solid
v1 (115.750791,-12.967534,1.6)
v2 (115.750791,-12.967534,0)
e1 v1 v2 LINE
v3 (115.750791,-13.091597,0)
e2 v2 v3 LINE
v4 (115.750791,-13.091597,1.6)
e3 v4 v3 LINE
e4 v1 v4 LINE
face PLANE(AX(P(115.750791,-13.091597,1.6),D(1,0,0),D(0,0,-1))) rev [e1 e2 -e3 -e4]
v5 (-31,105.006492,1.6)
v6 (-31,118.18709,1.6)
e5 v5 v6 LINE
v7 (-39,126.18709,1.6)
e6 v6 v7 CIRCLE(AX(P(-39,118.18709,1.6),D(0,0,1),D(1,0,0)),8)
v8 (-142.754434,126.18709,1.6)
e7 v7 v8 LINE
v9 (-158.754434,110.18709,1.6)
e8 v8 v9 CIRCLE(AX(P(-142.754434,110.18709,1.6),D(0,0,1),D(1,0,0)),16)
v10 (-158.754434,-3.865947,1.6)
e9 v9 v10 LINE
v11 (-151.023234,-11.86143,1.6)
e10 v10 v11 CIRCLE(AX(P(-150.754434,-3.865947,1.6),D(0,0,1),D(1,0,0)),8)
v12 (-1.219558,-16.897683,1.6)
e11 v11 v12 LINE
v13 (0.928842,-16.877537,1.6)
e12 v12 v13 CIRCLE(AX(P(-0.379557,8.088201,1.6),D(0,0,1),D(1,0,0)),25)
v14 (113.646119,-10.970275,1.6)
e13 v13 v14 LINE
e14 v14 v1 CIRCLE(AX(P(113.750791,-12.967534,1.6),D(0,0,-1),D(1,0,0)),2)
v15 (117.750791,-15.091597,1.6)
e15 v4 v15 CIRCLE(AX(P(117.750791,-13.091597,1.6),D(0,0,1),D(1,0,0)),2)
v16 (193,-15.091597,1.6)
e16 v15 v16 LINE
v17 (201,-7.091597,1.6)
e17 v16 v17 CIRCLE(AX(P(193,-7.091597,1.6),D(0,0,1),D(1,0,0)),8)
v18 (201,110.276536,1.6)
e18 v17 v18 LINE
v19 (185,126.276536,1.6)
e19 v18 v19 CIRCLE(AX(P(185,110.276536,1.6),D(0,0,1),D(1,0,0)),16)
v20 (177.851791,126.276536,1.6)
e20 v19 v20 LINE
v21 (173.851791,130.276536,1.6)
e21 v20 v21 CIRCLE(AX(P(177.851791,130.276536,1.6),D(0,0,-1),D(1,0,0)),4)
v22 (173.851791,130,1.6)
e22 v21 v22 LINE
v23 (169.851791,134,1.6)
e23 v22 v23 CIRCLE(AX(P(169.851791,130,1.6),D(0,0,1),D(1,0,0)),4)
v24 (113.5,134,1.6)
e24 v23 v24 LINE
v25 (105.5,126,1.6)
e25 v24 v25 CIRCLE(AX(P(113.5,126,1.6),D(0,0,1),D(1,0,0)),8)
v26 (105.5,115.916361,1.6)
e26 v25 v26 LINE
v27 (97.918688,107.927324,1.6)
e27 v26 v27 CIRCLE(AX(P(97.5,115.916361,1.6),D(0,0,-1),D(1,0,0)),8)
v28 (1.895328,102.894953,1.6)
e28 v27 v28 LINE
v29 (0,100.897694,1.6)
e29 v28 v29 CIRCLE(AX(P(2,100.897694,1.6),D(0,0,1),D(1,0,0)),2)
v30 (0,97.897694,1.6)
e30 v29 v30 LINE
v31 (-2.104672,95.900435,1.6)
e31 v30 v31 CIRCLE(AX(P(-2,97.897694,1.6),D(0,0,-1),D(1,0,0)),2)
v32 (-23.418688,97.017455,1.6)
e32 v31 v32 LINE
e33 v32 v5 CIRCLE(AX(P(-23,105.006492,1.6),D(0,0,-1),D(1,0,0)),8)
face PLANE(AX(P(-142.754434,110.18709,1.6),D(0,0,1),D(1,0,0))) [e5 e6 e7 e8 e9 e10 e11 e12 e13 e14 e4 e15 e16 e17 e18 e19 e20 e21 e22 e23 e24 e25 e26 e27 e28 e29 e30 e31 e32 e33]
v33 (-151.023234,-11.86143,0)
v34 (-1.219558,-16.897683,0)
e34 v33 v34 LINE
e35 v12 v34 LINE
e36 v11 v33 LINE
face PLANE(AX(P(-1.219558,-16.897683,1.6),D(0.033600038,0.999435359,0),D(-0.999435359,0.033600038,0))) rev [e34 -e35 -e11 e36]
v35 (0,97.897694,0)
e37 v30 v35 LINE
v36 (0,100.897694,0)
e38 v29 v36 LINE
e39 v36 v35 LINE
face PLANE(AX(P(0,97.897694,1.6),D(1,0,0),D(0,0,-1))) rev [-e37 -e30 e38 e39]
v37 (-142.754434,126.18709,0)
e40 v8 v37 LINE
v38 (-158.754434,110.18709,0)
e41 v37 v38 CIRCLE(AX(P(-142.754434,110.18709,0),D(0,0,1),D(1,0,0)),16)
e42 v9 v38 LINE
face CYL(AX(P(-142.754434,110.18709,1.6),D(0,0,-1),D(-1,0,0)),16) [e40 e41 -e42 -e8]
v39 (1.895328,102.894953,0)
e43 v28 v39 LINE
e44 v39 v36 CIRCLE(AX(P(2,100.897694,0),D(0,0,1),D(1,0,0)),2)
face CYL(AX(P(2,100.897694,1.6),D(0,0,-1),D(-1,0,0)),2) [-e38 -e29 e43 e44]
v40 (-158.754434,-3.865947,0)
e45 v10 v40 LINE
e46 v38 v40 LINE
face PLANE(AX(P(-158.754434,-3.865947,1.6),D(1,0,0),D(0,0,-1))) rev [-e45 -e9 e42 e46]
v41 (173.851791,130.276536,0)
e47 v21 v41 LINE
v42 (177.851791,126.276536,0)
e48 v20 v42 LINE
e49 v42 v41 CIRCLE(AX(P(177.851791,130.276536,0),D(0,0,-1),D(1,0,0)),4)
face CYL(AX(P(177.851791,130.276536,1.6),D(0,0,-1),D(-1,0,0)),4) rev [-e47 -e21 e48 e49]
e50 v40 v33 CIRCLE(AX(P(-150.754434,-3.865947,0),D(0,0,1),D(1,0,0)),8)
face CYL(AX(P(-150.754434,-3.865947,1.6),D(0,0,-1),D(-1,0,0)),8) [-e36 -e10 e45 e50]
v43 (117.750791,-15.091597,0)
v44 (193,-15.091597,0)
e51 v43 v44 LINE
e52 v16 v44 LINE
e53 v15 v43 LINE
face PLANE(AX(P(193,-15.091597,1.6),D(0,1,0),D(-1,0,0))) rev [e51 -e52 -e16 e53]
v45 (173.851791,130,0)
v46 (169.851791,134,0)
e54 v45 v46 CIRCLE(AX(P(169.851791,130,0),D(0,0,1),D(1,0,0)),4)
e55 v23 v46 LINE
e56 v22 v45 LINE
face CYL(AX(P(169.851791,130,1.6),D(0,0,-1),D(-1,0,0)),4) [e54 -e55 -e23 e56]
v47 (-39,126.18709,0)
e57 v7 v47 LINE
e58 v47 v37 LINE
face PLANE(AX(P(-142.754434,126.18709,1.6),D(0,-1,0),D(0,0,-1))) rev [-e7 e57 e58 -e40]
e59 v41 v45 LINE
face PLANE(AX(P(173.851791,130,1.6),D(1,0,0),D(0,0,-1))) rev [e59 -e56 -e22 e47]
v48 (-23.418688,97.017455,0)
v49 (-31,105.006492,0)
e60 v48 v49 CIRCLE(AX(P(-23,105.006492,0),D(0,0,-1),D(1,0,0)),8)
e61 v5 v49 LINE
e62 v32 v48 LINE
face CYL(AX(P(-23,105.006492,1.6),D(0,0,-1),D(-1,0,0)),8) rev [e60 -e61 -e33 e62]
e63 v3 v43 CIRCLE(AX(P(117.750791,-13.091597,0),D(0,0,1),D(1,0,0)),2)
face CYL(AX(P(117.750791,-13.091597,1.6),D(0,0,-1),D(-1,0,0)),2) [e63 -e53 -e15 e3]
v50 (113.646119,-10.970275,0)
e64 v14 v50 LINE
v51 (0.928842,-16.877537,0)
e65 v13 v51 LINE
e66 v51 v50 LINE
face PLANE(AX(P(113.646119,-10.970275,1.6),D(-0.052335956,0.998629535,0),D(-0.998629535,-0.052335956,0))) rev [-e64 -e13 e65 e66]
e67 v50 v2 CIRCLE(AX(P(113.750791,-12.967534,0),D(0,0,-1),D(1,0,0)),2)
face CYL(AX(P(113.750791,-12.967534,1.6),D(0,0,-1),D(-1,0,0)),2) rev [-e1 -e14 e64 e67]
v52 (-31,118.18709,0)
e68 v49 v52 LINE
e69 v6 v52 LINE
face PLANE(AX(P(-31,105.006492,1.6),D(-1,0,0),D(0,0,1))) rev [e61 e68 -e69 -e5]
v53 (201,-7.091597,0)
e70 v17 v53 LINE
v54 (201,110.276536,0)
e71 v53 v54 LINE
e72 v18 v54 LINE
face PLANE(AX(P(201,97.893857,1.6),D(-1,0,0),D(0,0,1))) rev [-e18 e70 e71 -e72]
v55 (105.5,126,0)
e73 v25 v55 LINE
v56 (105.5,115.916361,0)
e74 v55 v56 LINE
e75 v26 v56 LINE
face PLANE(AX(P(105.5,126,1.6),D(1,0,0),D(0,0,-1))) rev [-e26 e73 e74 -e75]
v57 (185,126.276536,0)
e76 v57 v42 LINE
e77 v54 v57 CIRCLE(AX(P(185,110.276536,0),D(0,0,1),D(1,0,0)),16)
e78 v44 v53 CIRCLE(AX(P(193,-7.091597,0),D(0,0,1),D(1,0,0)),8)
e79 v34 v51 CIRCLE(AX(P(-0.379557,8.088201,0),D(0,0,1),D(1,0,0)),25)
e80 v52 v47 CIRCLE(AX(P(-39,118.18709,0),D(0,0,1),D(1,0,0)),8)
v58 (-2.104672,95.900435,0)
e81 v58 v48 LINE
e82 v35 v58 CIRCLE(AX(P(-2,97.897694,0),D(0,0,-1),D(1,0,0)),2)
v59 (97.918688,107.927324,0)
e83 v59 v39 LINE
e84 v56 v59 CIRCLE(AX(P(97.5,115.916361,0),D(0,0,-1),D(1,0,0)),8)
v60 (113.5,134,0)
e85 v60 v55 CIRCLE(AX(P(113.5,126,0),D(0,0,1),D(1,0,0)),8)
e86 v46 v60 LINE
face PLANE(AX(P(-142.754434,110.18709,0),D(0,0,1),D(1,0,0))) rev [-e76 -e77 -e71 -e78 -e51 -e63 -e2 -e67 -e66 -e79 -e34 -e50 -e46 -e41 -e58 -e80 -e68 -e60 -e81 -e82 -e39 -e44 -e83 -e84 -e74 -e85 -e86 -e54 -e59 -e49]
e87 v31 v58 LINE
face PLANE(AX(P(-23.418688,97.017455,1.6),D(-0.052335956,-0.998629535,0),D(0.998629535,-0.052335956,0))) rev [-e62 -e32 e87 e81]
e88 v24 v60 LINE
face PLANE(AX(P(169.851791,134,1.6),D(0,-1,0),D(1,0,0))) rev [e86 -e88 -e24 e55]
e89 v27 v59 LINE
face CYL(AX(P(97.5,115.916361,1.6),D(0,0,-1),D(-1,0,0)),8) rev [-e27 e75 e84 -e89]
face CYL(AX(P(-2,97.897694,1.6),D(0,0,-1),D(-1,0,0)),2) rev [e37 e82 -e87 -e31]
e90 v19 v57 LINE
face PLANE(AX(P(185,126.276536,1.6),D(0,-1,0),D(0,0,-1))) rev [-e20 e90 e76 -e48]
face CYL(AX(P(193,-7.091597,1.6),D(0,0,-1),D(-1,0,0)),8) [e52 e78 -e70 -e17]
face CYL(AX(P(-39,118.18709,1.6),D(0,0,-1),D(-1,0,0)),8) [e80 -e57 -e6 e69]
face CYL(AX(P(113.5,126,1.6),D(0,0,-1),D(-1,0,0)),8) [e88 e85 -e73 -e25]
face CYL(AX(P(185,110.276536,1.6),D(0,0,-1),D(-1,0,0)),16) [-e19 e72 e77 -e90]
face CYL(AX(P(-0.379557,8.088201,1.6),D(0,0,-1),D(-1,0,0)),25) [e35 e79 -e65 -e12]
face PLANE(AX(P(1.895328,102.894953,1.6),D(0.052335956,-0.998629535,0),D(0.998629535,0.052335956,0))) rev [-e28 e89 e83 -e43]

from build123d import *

# Parameters (mm, degrees)
ESTRUSIONE_ESTRUSIONE2_DEPTH = 1.6


with BuildPart() as part:
    # bordo2 → Estrusione-Estrusione2 (new body)
    with BuildSketch(Plane.XY):
        with BuildLine():
            Line((201, 97.893856635), (201, -7.091597346))
            ThreePointArc((201, -7.091597346), (198.656854249, -12.748451596), (193, -15.091597346))
            Line((193, -15.091597346), (117.750790543, -15.091597346))
            ThreePointArc((117.750790543, -15.091597346), (116.336576981, -14.505810909), (115.750790543, -13.091597346))
            Line((115.750790543, -13.091597346), (115.750790543, -12.967534141))
            ThreePointArc((115.750790543, -12.967534141), (115.127499694, -11.516785399), (113.64611863, -10.970275071))
            Line((113.64611863, -10.970275071), (0.928841556, -16.877537249))
            ThreePointArc((0.928841556, -16.877537249), (-0.145141858, -16.910699844), (-1.219558299, -16.897682863))
            Line((-1.219558299, -16.897682863), (-151.023233988, -11.861429997))
            ThreePointArc((-151.023233988, -11.861429997), (-156.505538032, -9.426954116), (-158.754433684, -3.865947122))
            Line((-158.754433684, -3.865947122), (-158.754433684, 95.67986032))
            Line((-158.754433684, 95.67986032), (-158.754433684, 110.187089821))
            ThreePointArc((-158.754433684, 110.187089821), (-154.068142183, 121.50079832), (-142.754433684, 126.187089821))
            Line((-142.754433684, 126.187089821), (-39, 126.187089821))
            ThreePointArc((-39, 126.187089821), (-33.343145751, 123.843944071), (-31, 118.187089821))
            Line((-31, 118.187089821), (-31, 105.006491693))
            ThreePointArc((-31, 105.006491693), (-28.802994968, 99.499655087), (-23.41868765, 97.017455415))
            Line((-23.41868765, 97.017455415), (-2.104671912, 95.900435182))
            ThreePointArc((-2.104671912, 95.900435182), (-0.623290849, 96.44694551), (0, 97.897694252))
            Line((0, 97.897694252), (0, 100.897694252))
            ThreePointArc((0, 100.897694252), (0.549251258, 102.274403403), (1.895328088, 102.894953321))
            Line((1.895328088, 102.894953321), (97.91868765, 107.927324355))
            ThreePointArc((97.91868765, 107.927324355), (103.302994968, 110.409524028), (105.5, 115.916360633))
            Line((105.5, 115.916360633), (105.5, 126))
            ThreePointArc((105.5, 126), (107.843145751, 131.656854249), (113.5, 134))
            Line((113.5, 134), (169.851790543, 134))
            ThreePointArc((169.851790543, 134), (172.680217668, 132.828427125), (173.851790543, 130))
            Line((173.851790543, 130), (173.851790543, 130.276535982))
            ThreePointArc((173.851790543, 130.276535982), (175.023363418, 127.448108857), (177.851790543, 126.276535982))
            Line((177.851790543, 126.276535982), (185, 126.276535982))
            ThreePointArc((185, 126.276535982), (196.313708499, 121.590244481), (201, 110.276535982))
            Line((201, 110.276535982), (201, 97.893856635))
        make_face()
    extrude(amount=ESTRUSIONE_ESTRUSIONE2_DEPTH)


solid = part.part
